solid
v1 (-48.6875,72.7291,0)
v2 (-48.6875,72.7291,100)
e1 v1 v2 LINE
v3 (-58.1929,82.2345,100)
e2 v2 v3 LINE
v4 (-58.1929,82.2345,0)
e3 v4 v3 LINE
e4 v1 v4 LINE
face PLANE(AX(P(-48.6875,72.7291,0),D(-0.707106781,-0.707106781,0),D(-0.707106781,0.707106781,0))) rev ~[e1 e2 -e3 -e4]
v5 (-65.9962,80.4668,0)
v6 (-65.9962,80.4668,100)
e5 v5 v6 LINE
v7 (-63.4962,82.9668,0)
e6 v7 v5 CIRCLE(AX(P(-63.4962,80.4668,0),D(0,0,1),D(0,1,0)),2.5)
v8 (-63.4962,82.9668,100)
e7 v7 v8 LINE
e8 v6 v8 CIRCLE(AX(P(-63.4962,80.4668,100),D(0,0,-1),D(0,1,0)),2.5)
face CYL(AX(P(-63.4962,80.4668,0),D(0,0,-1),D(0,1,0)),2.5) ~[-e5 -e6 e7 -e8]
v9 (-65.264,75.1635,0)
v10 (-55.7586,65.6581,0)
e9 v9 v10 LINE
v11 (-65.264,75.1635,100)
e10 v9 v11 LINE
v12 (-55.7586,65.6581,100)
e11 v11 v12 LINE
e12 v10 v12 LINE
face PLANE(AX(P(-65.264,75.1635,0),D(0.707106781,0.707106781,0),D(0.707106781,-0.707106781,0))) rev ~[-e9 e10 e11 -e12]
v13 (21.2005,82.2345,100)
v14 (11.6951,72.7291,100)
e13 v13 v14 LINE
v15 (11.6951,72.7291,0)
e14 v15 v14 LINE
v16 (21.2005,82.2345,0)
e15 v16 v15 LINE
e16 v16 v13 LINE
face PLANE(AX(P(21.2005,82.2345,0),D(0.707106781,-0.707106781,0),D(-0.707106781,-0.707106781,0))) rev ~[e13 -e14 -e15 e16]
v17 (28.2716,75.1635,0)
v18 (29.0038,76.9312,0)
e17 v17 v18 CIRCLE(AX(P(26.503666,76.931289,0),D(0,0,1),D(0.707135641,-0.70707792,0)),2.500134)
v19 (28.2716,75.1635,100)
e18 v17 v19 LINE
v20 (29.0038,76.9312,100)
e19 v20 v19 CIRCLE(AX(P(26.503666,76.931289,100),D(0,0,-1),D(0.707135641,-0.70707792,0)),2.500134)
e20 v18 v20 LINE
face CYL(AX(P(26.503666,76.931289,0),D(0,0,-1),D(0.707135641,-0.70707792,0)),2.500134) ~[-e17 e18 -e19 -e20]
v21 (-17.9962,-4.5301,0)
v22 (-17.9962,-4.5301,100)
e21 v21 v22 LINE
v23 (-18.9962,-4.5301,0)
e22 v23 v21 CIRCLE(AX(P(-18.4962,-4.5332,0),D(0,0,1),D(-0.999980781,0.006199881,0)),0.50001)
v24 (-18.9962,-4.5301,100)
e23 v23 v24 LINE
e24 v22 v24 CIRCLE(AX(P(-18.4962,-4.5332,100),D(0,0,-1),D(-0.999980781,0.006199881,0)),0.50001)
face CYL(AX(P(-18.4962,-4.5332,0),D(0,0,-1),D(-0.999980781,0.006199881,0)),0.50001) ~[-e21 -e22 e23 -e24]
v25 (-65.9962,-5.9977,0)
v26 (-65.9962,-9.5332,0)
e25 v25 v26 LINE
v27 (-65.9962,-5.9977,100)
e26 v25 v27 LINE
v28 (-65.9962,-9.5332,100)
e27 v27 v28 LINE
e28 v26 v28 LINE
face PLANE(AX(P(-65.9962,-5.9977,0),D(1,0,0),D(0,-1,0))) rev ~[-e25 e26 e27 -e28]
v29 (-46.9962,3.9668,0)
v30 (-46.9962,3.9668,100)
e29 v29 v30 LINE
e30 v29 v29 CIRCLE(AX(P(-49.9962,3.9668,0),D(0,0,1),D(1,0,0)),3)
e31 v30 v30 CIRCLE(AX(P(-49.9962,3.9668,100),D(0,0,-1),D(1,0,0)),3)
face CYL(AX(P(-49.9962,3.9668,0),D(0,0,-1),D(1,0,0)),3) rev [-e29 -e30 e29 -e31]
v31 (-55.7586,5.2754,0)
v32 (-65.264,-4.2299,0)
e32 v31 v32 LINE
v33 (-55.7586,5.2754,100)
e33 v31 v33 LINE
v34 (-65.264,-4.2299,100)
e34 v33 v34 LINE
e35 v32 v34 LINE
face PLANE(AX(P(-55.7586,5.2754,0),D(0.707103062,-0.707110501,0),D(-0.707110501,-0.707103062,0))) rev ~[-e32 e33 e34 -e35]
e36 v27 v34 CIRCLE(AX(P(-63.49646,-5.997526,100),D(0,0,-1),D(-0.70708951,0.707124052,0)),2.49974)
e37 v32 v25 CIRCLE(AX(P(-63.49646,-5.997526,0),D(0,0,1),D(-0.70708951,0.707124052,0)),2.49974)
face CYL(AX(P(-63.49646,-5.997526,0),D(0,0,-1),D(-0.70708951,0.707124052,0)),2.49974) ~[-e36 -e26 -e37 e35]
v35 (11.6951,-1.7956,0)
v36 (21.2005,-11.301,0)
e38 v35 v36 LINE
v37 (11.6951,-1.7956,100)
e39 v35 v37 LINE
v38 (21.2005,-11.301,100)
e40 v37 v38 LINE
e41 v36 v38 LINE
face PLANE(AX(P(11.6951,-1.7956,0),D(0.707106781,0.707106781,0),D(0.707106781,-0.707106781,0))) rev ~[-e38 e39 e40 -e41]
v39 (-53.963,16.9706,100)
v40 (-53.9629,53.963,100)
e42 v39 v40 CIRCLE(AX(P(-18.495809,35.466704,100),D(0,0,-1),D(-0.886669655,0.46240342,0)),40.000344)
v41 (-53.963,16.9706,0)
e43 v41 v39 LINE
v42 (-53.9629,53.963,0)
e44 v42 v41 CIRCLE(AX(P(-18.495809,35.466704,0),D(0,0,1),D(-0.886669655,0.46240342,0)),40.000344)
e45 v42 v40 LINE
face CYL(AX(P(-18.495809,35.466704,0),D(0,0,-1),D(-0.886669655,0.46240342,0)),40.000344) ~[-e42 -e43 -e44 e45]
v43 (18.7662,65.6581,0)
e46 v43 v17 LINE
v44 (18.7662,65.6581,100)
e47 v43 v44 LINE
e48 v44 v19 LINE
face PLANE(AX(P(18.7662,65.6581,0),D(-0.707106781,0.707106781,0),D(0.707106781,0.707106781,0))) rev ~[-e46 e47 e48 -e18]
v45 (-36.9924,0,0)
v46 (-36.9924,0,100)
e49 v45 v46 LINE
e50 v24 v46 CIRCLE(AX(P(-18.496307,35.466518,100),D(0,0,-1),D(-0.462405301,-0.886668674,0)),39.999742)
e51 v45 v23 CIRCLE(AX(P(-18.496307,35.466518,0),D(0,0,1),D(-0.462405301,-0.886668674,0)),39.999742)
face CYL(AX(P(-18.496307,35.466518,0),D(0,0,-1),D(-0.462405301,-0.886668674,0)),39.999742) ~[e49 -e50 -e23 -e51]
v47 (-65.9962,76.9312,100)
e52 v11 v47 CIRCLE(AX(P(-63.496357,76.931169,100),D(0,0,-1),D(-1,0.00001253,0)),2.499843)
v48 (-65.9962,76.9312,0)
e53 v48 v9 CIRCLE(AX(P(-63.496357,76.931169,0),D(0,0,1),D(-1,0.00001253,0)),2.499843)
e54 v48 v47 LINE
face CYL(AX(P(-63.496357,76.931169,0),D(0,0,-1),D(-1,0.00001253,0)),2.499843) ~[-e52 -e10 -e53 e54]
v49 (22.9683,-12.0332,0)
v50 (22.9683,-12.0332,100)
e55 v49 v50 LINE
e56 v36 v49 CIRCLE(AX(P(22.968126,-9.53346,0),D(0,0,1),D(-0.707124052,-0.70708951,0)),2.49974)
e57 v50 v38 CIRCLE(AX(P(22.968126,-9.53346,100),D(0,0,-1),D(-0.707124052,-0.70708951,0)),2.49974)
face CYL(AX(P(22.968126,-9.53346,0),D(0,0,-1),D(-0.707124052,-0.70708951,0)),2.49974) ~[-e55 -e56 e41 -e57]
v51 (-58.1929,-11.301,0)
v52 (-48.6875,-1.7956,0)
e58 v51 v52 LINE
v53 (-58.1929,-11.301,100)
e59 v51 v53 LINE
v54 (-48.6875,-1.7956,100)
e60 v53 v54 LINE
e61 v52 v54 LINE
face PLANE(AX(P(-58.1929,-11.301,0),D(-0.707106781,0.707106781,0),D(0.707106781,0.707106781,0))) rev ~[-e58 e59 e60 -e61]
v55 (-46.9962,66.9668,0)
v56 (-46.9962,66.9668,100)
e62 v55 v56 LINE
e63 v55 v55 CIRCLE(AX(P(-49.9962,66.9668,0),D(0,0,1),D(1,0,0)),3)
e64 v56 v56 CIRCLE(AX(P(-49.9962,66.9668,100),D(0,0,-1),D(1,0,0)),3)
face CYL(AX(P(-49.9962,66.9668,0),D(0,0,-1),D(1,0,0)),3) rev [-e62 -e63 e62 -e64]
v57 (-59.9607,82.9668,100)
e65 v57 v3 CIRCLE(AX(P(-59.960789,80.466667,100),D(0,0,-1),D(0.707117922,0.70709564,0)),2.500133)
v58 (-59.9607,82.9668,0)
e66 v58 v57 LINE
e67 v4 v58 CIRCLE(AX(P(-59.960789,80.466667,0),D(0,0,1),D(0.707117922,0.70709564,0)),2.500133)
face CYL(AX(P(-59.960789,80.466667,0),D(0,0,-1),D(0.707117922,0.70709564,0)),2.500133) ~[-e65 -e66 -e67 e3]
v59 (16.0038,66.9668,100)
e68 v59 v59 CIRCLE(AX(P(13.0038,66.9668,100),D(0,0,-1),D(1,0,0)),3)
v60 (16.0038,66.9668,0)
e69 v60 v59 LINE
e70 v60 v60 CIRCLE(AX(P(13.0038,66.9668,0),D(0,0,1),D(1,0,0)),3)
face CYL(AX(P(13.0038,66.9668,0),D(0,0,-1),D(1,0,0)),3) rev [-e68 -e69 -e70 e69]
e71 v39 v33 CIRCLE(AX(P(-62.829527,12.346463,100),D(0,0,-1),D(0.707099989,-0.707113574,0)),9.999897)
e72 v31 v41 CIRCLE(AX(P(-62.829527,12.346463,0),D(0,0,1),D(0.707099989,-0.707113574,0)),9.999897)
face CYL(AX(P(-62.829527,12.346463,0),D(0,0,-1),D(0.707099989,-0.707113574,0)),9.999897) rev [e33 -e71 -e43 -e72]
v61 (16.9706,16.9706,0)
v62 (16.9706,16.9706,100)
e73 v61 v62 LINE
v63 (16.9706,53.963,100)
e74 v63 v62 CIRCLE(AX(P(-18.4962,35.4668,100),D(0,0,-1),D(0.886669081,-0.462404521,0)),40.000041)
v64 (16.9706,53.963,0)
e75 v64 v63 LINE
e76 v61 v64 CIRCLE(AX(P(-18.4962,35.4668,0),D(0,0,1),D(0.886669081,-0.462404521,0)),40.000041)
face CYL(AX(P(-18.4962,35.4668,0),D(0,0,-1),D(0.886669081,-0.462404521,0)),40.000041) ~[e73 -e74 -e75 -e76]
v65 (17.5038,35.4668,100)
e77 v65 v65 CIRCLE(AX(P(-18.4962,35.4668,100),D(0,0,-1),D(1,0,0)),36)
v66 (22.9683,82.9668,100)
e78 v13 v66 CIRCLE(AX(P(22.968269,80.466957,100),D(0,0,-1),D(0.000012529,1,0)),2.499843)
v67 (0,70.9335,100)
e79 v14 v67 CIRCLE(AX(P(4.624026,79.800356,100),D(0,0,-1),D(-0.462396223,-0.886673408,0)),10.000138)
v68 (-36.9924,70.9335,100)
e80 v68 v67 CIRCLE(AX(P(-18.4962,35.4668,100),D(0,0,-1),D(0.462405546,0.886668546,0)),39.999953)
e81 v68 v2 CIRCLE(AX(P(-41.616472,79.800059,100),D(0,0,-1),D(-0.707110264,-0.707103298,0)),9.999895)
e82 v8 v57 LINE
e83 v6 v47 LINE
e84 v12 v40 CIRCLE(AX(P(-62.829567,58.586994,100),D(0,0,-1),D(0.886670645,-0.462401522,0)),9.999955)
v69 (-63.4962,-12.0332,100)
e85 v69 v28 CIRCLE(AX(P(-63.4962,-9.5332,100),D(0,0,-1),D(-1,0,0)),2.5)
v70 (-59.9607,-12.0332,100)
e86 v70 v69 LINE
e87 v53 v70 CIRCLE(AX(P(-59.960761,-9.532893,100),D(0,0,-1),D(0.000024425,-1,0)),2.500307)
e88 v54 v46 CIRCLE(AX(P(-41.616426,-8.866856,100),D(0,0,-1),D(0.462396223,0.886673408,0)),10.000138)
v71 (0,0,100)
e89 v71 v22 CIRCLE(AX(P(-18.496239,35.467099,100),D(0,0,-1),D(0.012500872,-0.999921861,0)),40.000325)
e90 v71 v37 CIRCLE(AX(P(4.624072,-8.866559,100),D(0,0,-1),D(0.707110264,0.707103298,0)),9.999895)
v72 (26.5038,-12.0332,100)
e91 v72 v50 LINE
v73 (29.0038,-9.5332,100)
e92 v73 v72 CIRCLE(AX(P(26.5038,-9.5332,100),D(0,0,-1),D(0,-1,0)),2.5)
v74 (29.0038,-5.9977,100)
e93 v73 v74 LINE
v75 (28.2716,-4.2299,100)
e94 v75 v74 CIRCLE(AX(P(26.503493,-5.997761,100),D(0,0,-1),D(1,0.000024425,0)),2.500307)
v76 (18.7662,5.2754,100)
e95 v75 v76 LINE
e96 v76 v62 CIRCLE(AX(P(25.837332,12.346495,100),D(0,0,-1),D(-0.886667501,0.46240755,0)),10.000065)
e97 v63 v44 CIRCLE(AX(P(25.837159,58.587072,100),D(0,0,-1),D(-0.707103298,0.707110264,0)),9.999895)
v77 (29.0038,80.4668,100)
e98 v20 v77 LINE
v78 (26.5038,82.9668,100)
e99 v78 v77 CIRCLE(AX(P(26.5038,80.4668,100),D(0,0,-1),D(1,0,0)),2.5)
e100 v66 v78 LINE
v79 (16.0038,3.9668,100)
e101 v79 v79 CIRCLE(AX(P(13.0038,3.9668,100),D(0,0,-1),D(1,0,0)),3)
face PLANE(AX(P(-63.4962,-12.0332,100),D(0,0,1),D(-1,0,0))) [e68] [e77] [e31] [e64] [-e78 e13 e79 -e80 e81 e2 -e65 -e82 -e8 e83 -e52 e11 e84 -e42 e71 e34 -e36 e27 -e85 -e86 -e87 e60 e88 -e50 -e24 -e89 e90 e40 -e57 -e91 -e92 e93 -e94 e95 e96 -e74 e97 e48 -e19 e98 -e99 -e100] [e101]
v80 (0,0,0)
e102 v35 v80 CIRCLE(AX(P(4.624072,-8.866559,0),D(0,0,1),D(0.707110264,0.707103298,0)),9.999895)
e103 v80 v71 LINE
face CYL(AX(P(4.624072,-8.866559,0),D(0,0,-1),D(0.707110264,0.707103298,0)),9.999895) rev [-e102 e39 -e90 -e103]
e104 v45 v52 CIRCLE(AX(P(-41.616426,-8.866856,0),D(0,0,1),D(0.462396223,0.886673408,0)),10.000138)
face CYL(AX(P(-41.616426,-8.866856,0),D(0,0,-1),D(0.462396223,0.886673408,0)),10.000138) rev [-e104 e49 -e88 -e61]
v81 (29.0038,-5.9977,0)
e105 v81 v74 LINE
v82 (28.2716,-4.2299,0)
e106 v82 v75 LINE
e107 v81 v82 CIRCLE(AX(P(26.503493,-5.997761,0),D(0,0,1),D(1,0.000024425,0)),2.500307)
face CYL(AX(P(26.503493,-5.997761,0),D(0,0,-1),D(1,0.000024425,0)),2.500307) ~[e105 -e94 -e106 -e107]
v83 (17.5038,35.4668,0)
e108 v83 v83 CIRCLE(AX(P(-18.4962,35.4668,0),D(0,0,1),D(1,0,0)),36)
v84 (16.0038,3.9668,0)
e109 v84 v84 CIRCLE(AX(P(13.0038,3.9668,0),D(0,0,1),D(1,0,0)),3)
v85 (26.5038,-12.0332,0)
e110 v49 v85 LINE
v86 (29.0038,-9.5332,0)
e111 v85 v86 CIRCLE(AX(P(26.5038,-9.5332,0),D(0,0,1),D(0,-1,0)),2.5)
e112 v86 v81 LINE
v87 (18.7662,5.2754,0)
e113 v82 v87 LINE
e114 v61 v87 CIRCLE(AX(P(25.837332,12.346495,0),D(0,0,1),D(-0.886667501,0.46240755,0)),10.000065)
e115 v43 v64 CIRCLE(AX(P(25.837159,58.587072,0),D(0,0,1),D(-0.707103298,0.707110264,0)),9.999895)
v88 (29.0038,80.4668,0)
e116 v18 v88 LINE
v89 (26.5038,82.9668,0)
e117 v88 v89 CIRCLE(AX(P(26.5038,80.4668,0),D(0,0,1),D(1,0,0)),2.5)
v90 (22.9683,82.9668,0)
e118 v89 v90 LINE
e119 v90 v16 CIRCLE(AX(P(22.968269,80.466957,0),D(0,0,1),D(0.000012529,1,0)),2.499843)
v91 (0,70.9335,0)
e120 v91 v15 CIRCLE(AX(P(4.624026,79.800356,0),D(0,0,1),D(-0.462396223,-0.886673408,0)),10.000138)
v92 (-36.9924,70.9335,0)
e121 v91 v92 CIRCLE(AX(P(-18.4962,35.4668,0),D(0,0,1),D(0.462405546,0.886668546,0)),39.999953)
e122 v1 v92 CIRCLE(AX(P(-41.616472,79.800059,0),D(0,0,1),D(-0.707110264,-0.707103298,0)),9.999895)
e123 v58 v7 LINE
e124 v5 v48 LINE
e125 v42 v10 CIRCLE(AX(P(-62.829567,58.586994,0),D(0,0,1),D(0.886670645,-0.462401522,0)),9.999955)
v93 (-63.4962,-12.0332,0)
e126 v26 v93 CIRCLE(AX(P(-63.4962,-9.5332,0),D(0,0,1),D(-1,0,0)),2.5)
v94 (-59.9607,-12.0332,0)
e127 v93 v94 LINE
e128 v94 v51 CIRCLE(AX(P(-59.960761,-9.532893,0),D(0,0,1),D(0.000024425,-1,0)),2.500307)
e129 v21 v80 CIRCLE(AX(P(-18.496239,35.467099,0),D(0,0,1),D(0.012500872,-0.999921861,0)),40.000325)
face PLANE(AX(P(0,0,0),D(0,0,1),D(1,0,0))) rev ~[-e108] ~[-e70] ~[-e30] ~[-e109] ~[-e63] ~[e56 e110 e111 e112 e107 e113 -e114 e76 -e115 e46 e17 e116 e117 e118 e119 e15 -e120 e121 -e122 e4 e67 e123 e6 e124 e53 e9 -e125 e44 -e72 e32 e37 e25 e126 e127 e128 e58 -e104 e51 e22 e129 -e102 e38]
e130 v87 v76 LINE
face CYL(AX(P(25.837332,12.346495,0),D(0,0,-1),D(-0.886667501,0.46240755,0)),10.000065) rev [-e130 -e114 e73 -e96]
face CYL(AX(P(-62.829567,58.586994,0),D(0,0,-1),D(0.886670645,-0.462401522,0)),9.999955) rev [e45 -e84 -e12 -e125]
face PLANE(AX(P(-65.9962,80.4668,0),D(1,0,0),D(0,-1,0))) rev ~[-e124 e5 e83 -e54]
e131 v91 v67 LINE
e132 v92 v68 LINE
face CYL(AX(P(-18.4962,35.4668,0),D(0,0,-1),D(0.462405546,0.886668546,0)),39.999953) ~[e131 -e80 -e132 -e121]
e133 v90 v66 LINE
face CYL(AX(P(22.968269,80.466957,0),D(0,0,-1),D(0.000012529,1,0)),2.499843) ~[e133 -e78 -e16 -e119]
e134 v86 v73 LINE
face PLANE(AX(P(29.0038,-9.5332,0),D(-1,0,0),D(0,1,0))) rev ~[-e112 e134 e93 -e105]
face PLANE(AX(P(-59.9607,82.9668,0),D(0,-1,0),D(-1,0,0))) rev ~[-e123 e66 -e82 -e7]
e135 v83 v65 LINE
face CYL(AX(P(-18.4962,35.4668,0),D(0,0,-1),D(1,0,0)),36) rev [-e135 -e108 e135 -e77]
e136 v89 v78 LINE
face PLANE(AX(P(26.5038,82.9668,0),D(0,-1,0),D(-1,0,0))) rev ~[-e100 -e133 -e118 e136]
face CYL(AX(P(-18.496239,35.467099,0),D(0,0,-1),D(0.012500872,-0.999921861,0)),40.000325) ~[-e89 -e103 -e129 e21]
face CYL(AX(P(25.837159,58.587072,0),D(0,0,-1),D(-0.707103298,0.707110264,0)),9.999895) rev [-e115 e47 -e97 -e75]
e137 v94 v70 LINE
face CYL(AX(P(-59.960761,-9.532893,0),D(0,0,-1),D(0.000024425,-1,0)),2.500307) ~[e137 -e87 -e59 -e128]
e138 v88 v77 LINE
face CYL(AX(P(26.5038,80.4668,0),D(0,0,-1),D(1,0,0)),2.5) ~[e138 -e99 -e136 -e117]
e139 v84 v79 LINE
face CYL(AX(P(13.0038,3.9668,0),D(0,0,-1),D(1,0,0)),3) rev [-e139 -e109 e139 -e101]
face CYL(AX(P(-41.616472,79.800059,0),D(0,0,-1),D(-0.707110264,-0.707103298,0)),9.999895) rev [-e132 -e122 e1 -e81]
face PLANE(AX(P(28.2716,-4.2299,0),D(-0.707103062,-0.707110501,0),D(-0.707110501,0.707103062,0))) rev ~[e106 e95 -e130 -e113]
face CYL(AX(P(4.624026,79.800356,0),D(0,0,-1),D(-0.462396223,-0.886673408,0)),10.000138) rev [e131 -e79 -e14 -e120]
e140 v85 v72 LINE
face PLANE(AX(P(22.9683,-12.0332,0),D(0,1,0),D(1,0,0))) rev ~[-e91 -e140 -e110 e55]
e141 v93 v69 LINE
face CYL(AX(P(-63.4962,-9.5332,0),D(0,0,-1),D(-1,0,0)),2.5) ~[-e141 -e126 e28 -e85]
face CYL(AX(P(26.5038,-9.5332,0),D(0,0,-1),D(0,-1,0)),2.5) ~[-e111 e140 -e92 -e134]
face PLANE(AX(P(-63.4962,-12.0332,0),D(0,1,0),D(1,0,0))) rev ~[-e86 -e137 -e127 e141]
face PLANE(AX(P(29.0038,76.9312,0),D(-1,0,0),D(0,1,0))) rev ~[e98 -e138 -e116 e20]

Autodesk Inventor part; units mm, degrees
ref_plane "YZ Plane" through (0, 0, 0) normal (1, 0, 0) x (0, 1, 0)
ref_plane "XZ Plane" through (0, 0, 0) normal (0, 1, 0) x (-1, 0, 0)
ref_plane "XY Plane" through (0, 0, 0) normal (0, 0, 1) x (1, 0, 0)
sketch "Sketch1" plane through (0, 0, 0) normal (0, 0, 1) x (1, 0, 0)
  arc A0 (11.6951, -1.7956) -> (0, 0) centre (4.624, -8.8667) ccw
  line L0 (11.6951, -1.7956) -> (21.2005, -11.301)
  arc A1 (21.2005, -11.301) -> (22.9683, -12.0332) centre (22.9683, -9.5332) ccw
  line L1 (22.9683, -12.0332) -> (26.5038, -12.0332)
  arc A2 (26.5038, -12.0332) -> (29.0038, -9.5332) centre (26.5038, -9.5332) ccw
  line L2 (29.0038, -9.5332) -> (29.0038, -5.9977)
  arc A3 (29.0038, -5.9977) -> (28.2716, -4.2299) centre (26.5038, -5.9977) ccw
  line L3 (28.2716, -4.2299) -> (18.7662, 5.2754)
  arc A4 (16.9706, 16.9706) -> (18.7662, 5.2754) centre (25.8373, 12.3465) ccw
  arc A5 (16.9706, 16.9706) -> (16.9706, 53.963) centre (-18.4962, 35.4668) ccw
  arc A6 (18.7662, 65.6581) -> (16.9706, 53.963) centre (25.8373, 58.587) ccw
  line L4 (18.7662, 65.6581) -> (28.2716, 75.1635)
  arc A7 (28.2716, 75.1635) -> (29.0038, 76.9312) centre (26.5038, 76.9312) ccw
  line L5 (29.0038, 76.9312) -> (29.0038, 80.4668)
  arc A8 (29.0038, 80.4668) -> (26.5038, 82.9668) centre (26.5038, 80.4668) ccw
  line L6 (26.5038, 82.9668) -> (22.9683, 82.9668)
  arc A9 (22.9683, 82.9668) -> (21.2005, 82.2345) centre (22.9683, 80.4668) ccw
  line L7 (21.2005, 82.2345) -> (11.6951, 72.7291)
  arc A10 (0, 70.9335) -> (11.6951, 72.7291) centre (4.624, 79.8002) ccw
  arc A11 (0, 70.9335) -> (-36.9924, 70.9335) centre (-18.4962, 35.4668) ccw
  arc A12 (-48.6875, 72.7291) -> (-36.9924, 70.9335) centre (-41.6164, 79.8002) ccw
  line L8 (-48.6875, 72.7291) -> (-58.1929, 82.2345)
  arc A13 (-58.1929, 82.2345) -> (-59.9607, 82.9668) centre (-59.9607, 80.4668) ccw
  line L9 (-59.9607, 82.9668) -> (-63.4962, 82.9668)
  arc A14 (-63.4962, 82.9668) -> (-65.9962, 80.4668) centre (-63.4962, 80.4668) ccw
  line L10 (-65.9962, 80.4668) -> (-65.9962, 76.9312)
  arc A15 (-65.9962, 76.9312) -> (-65.264, 75.1635) centre (-63.4962, 76.9312) ccw
  line L11 (-65.264, 75.1635) -> (-55.7586, 65.6581)
  arc A16 (-53.9629, 53.963) -> (-55.7586, 65.6581) centre (-62.8296, 58.587) ccw
  arc A17 (-53.9629, 53.963) -> (-53.963, 16.9706) centre (-18.4962, 35.4668) ccw
  arc A18 (-55.7586, 5.2754) -> (-53.963, 16.9706) centre (-62.8296, 12.3465) ccw
  line L12 (-55.7586, 5.2754) -> (-65.264, -4.2299)
  arc A19 (-65.264, -4.2299) -> (-65.9962, -5.9977) centre (-63.4962, -5.9977) ccw
  line L13 (-65.9962, -5.9977) -> (-65.9962, -9.5332)
  arc A20 (-65.9962, -9.5332) -> (-63.4962, -12.0332) centre (-63.4962, -9.5332) ccw
  line L14 (-63.4962, -12.0332) -> (-59.9607, -12.0332)
  arc A21 (-59.9607, -12.0332) -> (-58.1929, -11.301) centre (-59.9607, -9.5332) ccw
  line L15 (-58.1929, -11.301) -> (-48.6875, -1.7956)
  arc A22 (-36.9924, 0) -> (-48.6875, -1.7956) centre (-41.6164, -8.8667) ccw
  arc A23 (-36.9924, 0) -> (-18.9962, -4.5301) centre (-18.4962, 35.4668) ccw
  arc A24 (-18.9962, -4.5301) -> (-17.9962, -4.5301) centre (-18.4962, -4.5332) ccw
  arc A25 (-17.9962, -4.5301) -> (0, 0) centre (-18.4962, 35.4668) ccw
  circle A26 centre (-49.9962, 3.9668) radius 3
  circle A27 centre (-49.9962, 66.9668) radius 3
  circle A28 centre (13.0038, 3.9668) radius 3
  circle A29 centre (13.0038, 66.9668) radius 3
  circle A30 centre (-18.4962, 35.4668) radius 36
extrude "Extrusion1" add sketch "Sketch1" along normal blind 400
sketch "Sketch2" plane through (0, 0, 400) normal (0, 0, 1) x (1, 0, 0)
  circle A0 centre (-18.4962, 35.4668) radius 36 projected
  circle A1 centre (13.0038, 66.9668) radius 3 projected
  circle A2 centre (13.0038, 3.9668) radius 3 projected
  circle A3 centre (-49.9962, 66.9668) radius 3 projected
  circle A4 centre (-49.9962, 3.9668) radius 3 projected
  arc A5 (-17.9962, -4.5301) -> (0, 0) centre (-18.4962, 35.4668) ccw projected
  arc A6 (11.6951, -1.7956) -> (0, 0) centre (4.624, -8.8667) ccw projected
  line L0 (21.2005, -11.301) -> (11.6951, -1.7956) projected
  arc A7 (21.2005, -11.301) -> (22.9683, -12.0332) centre (22.9683, -9.5332) ccw projected
  line L1 (26.5038, -12.0332) -> (22.9683, -12.0332) projected
  arc A8 (26.5038, -12.0332) -> (29.0038, -9.5332) centre (26.5038, -9.5332) ccw projected
  line L2 (29.0038, -5.9977) -> (29.0038, -9.5332) projected
  arc A9 (29.0038, -5.9977) -> (28.2716, -4.2299) centre (26.5038, -5.9977) ccw projected
  line L3 (18.7662, 5.2754) -> (28.2716, -4.2299) projected
  arc A10 (16.9706, 16.9706) -> (18.7662, 5.2754) centre (25.8373, 12.3465) ccw projected
  arc A11 (16.9706, 16.9706) -> (16.9706, 53.963) centre (-18.4962, 35.4668) ccw projected
  arc A12 (18.7662, 65.6581) -> (16.9706, 53.963) centre (25.8373, 58.587) ccw projected
  line L4 (28.2716, 75.1635) -> (18.7662, 65.6581) projected
  arc A13 (28.2716, 75.1635) -> (29.0038, 76.9312) centre (26.5038, 76.9312) ccw projected
  line L5 (29.0038, 80.4668) -> (29.0038, 76.9312) projected
  arc A14 (29.0038, 80.4668) -> (26.5038, 82.9668) centre (26.5038, 80.4668) ccw projected
  line L6 (22.9683, 82.9668) -> (26.5038, 82.9668) projected
  arc A15 (22.9683, 82.9668) -> (21.2005, 82.2345) centre (22.9683, 80.4668) ccw projected
  line L7 (11.6951, 72.7291) -> (21.2005, 82.2345) projected
  arc A16 (0, 70.9335) -> (11.6951, 72.7291) centre (4.624, 79.8002) ccw projected
  arc A17 (0, 70.9335) -> (-36.9924, 70.9335) centre (-18.4962, 35.4668) ccw projected
  arc A18 (-48.6875, 72.7291) -> (-36.9924, 70.9335) centre (-41.6164, 79.8002) ccw projected
  line L8 (-58.1929, 82.2345) -> (-48.6875, 72.7291) projected
  arc A19 (-58.1929, 82.2345) -> (-59.9607, 82.9668) centre (-59.9607, 80.4668) ccw projected
  line L9 (-63.4962, 82.9668) -> (-59.9607, 82.9668) projected
  arc A20 (-63.4962, 82.9668) -> (-65.9962, 80.4668) centre (-63.4962, 80.4668) ccw projected
  line L10 (-65.9962, 76.9312) -> (-65.9962, 80.4668) projected
  arc A21 (-65.9962, 76.9312) -> (-65.264, 75.1635) centre (-63.4962, 76.9312) ccw projected
  line L11 (-55.7586, 65.6581) -> (-65.264, 75.1635) projected
  arc A22 (-53.9629, 53.963) -> (-55.7586, 65.6581) centre (-62.8296, 58.587) ccw projected
  arc A23 (-53.9629, 53.963) -> (-53.963, 16.9706) centre (-18.4962, 35.4668) ccw projected
  arc A24 (-55.7586, 5.2754) -> (-53.963, 16.9706) centre (-62.8296, 12.3465) ccw projected
  line L12 (-65.264, -4.2299) -> (-55.7586, 5.2754) projected
  arc A25 (-65.264, -4.2299) -> (-65.9962, -5.9977) centre (-63.4962, -5.9977) ccw projected
  line L13 (-65.9962, -9.5332) -> (-65.9962, -5.9977) projected
  arc A26 (-65.9962, -9.5332) -> (-63.4962, -12.0332) centre (-63.4962, -9.5332) ccw projected
  line L14 (-59.9607, -12.0332) -> (-63.4962, -12.0332) projected
  arc A27 (-59.9607, -12.0332) -> (-58.1929, -11.301) centre (-59.9607, -9.5332) ccw projected
  line L15 (-48.6875, -1.7956) -> (-58.1929, -11.301) projected
  arc A28 (-36.9924, 0) -> (-48.6875, -1.7956) centre (-41.6164, -8.8667) ccw projected
  arc A29 (-36.9924, 0) -> (-18.9962, -4.5301) centre (-18.4962, 35.4668) ccw projected
  arc A30 (-18.9962, -4.5301) -> (-17.9962, -4.5301) centre (-18.4962, -4.5332) ccw projected
extrude "Extrusion2" cut sketch "Sketch2" against normal blind 250
sketch "Sketch3" plane through (-63.4962, -12.0332, 0) normal (0, -1, 0) x (1, 0, 0)
  line L0 (0, 0) -> (0, 150) projected
  line L1 (-3.0046, 150) -> (99.6718, 150)
  line L2 (99.6718, 150) -> (99.6718, 100)
  line L3 (99.6718, 100) -> (-3.0046, 100)
  line L4 (-3.0046, 100) -> (-3.0046, 150)
  point P0 (63.4962, 0)
  dimension "d4" = 50
  dimension "d5" = 102.6763
  dimension "d6" = 3.0046
extrude "Extrusion3" cut sketch "Sketch3" against normal blind 95
properties part number "X95_100mm"
